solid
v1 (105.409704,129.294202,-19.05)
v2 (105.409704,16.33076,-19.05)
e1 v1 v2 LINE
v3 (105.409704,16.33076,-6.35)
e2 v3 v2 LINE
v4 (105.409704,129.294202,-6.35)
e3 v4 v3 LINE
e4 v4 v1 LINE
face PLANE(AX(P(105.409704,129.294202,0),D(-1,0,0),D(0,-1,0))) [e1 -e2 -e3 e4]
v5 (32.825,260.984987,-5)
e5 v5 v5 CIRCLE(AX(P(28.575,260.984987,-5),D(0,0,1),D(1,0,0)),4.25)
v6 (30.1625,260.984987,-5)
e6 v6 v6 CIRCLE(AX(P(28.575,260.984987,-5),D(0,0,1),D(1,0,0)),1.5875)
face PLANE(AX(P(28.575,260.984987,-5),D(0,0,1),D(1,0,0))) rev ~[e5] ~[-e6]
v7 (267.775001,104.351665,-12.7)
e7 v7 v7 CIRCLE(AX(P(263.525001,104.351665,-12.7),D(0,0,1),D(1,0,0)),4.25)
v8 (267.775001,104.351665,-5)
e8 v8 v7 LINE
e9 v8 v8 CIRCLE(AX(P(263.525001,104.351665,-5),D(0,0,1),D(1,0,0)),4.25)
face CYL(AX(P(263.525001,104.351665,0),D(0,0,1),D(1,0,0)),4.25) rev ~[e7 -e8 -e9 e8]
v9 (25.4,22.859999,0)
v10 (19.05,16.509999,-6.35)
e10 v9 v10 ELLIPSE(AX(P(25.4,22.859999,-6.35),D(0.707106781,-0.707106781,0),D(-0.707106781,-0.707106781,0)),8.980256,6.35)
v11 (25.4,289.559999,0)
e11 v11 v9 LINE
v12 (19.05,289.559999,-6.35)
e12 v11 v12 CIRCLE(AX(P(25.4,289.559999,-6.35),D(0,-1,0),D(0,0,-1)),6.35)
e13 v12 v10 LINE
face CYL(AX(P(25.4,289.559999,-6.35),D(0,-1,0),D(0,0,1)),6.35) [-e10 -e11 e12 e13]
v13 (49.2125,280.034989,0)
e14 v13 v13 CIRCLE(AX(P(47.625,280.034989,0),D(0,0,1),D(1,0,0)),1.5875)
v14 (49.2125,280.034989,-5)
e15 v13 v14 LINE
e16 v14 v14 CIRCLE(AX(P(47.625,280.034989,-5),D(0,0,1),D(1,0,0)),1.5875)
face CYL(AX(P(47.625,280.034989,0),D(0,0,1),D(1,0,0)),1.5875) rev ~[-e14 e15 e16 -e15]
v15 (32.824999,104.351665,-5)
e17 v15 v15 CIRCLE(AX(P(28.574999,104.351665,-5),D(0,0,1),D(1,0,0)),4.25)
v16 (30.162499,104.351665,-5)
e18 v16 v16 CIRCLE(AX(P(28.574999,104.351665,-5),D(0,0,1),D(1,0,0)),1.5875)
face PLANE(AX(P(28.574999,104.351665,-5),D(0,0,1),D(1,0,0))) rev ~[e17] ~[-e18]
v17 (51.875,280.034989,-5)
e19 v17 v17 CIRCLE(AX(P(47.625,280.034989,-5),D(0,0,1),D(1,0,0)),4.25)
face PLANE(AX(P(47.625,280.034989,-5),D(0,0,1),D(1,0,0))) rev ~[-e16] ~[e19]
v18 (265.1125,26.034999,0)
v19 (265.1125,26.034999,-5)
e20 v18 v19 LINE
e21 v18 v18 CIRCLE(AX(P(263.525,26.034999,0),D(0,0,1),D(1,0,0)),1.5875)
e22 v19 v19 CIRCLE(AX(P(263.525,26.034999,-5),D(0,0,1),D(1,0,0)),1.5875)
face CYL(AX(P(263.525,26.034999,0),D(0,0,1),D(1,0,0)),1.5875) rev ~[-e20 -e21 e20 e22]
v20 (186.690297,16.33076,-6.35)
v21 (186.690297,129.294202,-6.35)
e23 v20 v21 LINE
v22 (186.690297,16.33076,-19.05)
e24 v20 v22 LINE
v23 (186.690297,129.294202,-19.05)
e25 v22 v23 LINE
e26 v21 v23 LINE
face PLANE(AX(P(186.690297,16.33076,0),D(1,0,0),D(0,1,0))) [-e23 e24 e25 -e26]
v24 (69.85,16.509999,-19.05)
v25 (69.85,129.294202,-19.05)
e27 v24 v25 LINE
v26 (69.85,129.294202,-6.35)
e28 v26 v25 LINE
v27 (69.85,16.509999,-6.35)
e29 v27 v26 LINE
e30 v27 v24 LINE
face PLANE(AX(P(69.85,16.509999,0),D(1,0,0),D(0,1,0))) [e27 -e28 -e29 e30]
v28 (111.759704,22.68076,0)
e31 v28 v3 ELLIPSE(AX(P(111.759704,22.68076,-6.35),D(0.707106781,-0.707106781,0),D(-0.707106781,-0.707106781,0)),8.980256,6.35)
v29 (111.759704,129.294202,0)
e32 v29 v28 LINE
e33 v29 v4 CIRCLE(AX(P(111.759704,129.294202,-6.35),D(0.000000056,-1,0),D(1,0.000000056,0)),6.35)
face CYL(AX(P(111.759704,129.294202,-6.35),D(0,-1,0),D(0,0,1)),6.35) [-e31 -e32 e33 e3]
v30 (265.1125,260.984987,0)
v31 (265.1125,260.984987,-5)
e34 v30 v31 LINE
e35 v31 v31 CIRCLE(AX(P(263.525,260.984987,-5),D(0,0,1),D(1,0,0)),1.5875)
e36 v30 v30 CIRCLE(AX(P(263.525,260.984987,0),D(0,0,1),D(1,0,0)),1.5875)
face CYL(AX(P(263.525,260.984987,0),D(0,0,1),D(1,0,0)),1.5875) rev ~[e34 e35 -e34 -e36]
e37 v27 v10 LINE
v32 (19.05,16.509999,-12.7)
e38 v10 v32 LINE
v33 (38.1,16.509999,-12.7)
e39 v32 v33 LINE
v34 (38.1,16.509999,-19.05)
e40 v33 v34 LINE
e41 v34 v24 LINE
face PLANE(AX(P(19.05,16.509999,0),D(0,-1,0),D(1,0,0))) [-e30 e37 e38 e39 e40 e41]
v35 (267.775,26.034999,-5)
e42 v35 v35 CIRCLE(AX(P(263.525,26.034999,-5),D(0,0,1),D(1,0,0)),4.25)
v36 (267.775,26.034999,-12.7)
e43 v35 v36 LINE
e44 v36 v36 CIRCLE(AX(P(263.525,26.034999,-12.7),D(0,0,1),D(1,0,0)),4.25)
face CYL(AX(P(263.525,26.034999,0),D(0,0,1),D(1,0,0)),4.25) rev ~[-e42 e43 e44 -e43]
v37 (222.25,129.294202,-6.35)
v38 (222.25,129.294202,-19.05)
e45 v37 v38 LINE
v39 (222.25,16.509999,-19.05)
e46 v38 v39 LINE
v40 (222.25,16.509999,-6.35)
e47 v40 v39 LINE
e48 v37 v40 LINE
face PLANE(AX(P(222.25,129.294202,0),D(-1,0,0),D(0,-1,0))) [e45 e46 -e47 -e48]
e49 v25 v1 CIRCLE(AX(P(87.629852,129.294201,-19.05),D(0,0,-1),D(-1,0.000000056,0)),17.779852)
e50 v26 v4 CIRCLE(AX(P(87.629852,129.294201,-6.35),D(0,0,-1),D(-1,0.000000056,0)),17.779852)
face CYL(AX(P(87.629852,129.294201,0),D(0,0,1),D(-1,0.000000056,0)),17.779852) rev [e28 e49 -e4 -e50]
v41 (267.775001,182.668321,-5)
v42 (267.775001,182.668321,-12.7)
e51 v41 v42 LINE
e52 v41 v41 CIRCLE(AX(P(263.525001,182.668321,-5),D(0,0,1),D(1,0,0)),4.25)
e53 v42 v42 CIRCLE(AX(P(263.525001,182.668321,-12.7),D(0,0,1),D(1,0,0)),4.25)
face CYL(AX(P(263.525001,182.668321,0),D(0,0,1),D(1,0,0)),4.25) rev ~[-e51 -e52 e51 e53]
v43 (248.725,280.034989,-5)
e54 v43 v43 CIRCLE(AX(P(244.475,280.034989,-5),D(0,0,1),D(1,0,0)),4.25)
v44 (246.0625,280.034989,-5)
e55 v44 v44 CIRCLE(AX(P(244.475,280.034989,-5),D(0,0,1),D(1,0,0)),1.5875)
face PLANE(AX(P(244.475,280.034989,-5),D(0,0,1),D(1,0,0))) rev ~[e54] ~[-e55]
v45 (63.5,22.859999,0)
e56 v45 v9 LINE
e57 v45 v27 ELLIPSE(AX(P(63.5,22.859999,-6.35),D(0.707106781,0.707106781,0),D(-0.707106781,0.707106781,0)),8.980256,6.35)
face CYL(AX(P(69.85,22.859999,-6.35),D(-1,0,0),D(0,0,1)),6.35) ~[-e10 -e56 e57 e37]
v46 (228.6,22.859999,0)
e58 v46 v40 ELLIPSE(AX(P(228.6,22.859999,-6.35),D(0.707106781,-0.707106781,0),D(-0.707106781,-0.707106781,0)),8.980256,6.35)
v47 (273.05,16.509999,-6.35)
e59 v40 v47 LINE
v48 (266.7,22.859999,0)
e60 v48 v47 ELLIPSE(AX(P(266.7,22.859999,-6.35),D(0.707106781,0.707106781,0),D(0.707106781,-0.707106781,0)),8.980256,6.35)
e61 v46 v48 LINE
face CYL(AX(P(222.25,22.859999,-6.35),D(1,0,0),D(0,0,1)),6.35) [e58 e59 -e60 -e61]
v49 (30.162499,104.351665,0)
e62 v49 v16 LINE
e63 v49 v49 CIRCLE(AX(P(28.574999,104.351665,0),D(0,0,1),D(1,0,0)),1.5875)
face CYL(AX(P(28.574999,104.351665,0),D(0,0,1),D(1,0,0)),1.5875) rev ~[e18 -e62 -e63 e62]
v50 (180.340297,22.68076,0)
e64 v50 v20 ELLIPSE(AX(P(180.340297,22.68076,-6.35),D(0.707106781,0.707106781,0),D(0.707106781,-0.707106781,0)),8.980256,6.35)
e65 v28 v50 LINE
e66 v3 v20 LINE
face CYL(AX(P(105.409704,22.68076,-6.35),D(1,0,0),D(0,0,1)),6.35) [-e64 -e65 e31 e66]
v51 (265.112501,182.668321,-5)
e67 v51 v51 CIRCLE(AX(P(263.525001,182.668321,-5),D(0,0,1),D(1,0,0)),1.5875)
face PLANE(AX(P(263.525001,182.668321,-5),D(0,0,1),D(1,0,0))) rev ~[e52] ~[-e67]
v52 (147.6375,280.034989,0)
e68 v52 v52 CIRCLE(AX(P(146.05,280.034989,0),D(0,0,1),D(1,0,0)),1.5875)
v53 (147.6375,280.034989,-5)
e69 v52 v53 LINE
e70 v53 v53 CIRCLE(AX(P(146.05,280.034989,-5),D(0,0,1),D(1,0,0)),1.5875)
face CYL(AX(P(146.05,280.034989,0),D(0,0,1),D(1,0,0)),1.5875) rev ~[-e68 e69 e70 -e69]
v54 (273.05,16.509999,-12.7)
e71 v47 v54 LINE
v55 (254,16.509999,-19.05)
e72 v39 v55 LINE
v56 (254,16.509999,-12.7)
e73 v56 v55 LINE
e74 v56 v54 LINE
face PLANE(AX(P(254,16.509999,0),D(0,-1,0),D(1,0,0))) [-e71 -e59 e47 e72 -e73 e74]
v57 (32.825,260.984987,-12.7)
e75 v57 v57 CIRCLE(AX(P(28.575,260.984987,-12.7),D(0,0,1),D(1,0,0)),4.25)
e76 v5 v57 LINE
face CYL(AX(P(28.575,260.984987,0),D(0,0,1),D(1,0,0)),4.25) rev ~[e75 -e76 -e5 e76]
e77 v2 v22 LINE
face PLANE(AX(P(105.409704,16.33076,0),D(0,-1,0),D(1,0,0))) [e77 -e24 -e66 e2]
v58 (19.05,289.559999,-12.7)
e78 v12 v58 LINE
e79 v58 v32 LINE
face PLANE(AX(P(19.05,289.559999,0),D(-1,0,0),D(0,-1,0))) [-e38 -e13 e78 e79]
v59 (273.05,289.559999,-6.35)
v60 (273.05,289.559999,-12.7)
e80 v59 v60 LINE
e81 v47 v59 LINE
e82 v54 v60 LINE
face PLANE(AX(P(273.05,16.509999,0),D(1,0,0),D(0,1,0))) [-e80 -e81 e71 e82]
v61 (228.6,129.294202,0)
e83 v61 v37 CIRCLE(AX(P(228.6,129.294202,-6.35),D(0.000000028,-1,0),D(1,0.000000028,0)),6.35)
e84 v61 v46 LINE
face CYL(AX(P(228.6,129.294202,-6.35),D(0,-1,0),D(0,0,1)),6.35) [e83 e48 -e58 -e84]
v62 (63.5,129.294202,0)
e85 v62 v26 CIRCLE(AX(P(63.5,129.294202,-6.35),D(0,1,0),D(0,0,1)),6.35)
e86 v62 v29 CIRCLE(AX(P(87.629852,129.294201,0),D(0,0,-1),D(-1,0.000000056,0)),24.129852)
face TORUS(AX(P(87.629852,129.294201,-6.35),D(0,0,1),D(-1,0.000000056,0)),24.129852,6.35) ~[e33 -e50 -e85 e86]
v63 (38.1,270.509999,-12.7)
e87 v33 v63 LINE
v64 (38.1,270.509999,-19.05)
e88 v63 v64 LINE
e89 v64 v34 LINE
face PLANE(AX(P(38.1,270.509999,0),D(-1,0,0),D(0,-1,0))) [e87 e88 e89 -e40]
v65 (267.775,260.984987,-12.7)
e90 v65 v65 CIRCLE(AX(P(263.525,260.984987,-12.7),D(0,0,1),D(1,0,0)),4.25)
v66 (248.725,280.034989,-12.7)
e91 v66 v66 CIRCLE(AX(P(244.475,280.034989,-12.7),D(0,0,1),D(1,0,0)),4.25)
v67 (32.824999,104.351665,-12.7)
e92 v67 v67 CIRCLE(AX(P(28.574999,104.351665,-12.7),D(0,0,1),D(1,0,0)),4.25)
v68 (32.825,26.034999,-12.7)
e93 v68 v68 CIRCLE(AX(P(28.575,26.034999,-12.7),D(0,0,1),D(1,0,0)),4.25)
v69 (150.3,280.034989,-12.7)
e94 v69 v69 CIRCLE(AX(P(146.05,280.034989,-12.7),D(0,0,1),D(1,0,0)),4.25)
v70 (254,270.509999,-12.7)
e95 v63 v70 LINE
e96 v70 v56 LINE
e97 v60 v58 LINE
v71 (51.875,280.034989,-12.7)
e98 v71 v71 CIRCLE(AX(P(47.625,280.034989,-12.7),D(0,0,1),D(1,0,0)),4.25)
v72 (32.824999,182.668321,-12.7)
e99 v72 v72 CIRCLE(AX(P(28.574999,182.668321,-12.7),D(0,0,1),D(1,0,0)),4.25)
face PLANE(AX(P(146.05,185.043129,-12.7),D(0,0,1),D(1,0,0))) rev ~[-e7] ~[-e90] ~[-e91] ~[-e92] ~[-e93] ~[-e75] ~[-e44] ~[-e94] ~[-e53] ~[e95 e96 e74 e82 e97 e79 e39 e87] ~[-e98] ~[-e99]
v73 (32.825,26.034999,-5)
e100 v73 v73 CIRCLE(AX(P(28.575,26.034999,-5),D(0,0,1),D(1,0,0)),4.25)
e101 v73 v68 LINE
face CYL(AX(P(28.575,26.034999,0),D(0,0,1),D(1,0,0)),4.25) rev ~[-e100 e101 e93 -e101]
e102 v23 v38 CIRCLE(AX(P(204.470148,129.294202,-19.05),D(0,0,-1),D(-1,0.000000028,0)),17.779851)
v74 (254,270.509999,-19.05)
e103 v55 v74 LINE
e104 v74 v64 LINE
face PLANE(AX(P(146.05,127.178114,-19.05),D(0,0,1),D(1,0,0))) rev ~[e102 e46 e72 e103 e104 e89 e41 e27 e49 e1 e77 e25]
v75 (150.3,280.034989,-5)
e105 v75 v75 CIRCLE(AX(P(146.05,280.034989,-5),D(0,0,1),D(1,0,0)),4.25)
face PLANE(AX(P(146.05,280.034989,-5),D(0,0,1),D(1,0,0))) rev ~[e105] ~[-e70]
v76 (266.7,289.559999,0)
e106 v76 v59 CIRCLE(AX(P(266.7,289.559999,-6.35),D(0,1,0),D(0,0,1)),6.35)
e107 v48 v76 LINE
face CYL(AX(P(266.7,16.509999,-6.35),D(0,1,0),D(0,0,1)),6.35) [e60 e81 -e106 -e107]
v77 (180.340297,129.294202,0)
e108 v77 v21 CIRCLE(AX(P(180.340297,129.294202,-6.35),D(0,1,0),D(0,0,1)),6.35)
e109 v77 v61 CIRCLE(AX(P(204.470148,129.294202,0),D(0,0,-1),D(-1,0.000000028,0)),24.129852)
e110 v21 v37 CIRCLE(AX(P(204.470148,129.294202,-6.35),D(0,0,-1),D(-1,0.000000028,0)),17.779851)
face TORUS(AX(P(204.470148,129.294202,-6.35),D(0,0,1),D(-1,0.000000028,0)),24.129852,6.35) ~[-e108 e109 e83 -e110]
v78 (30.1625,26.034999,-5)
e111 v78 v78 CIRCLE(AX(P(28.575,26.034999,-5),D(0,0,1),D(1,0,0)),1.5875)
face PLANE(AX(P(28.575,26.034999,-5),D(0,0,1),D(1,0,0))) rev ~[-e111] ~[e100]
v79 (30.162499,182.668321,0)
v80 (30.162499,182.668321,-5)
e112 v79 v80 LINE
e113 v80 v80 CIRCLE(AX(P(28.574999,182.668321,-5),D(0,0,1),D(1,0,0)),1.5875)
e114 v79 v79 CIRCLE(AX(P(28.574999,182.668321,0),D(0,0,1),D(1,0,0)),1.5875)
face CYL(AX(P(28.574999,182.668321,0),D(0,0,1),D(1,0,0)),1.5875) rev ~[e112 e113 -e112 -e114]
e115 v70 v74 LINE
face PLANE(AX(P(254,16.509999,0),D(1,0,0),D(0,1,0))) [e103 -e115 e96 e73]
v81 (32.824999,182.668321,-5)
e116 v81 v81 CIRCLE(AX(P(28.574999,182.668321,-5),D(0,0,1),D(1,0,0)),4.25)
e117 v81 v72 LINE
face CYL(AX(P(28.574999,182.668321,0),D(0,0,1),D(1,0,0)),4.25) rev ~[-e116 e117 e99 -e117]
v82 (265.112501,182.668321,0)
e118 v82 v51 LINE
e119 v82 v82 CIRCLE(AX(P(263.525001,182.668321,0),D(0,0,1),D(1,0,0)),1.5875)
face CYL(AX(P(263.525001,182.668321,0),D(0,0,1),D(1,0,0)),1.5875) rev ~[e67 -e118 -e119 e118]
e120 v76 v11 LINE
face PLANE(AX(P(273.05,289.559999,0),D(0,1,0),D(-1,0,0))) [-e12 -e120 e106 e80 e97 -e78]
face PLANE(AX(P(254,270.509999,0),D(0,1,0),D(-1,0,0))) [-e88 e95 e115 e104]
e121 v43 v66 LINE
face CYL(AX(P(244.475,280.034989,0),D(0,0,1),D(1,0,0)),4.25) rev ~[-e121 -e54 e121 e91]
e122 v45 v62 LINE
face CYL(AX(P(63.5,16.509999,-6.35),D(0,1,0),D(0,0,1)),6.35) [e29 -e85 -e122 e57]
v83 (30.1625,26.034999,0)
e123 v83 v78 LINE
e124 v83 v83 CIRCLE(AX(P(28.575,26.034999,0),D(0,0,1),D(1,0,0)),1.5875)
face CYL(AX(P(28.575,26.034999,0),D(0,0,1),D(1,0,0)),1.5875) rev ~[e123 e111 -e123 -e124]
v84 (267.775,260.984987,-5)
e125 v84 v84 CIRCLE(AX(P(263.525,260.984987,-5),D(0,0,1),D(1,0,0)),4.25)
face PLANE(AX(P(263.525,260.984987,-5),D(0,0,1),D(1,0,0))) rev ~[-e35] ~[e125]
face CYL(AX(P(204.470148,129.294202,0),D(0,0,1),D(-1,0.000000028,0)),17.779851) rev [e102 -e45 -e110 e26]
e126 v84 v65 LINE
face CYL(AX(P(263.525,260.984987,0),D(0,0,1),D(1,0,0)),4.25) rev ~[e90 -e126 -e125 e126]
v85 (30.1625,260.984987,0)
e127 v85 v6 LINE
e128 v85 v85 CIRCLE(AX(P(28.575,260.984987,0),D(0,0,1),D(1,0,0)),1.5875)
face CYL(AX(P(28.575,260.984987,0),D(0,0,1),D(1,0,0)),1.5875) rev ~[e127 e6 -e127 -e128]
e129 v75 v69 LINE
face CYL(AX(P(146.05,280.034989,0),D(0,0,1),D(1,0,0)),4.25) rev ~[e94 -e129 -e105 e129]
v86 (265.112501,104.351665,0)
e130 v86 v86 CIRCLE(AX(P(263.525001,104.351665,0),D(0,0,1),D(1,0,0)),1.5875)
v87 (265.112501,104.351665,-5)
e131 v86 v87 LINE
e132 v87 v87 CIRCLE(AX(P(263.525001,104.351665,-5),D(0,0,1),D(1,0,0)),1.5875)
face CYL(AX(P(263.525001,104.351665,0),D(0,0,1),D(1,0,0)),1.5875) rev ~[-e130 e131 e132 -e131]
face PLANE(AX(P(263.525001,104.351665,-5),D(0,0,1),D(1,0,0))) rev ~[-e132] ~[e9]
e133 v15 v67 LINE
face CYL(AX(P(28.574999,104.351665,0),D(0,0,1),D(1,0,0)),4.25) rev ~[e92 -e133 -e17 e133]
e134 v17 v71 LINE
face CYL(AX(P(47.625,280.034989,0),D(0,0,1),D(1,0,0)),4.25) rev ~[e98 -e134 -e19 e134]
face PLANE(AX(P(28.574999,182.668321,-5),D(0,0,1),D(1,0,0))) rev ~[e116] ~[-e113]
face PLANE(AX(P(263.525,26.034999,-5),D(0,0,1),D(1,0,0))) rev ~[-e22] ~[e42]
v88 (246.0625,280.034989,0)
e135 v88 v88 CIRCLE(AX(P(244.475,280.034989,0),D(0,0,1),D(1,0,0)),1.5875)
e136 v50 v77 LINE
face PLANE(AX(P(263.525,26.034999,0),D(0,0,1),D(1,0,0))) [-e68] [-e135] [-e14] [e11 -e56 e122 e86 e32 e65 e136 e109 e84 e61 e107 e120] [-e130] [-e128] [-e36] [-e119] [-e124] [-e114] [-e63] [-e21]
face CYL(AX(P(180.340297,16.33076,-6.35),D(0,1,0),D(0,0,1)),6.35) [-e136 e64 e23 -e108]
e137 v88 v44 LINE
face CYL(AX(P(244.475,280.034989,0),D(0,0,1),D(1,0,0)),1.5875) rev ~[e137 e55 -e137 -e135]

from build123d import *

# Parameters (mm, degrees)
F1_DEPTH = 19.05
F0_R     = 4.25
F2_DEPTH = 12.7
F0_R_2   = 1.5875
F3_DEPTH = 5
F4_R     = 6.35


with BuildPart() as f1:
    # F0 (on Top) → F1 (new body)
    with BuildSketch(Plane.XY):
        with BuildLine():
            Line((38.1, 270.509999), (38.1, 16.509999))
            Line((38.1, 16.509999), (69.85, 16.509999))
            Line((69.85, 16.509999), (69.85, 129.294202))
            ThreePointArc((69.85, 129.294202), (87.629852, 147.074053), (105.409704, 129.294202))
            Line((105.409704, 129.294202), (105.409704, 16.33076))
            Line((105.409704, 16.33076), (186.690297, 16.33076))
            Line((186.690297, 16.33076), (186.690297, 129.294202))
            ThreePointArc((186.690297, 129.294202), (204.470149, 147.074053), (222.25, 129.294202))
            Line((222.25, 129.294202), (222.25, 16.509999))
            Line((222.25, 16.509999), (254, 16.509999))
            Line((254, 16.509999), (254, 270.509999))
            Line((254, 270.509999), (38.1, 270.509999))
        make_face()
    extrude(amount=-F1_DEPTH)

    # F0 (on Top) → F2 (join)
    with BuildSketch(Plane.XY):
        Polygon((19.05, 289.559999), (19.05, 16.509999), (38.1, 16.509999), (38.1, 270.509999), (254, 270.509999), (254, 16.509999), (273.05, 16.509999), (273.05, 289.559999), align=None)
        with Locations((28.575, 26.034999)):
            Circle(F0_R, mode=Mode.SUBTRACT)
        with Locations((28.574999, 104.351665)):
            Circle(F0_R, mode=Mode.SUBTRACT)
        with Locations((263.525, 26.034999)):
            Circle(F0_R, mode=Mode.SUBTRACT)
        with Locations((263.525001, 104.351665)):
            Circle(F0_R, mode=Mode.SUBTRACT)
        with Locations((28.574999, 182.668321)):
            Circle(F0_R, mode=Mode.SUBTRACT)
        with Locations((28.575, 260.984987)):
            Circle(F0_R, mode=Mode.SUBTRACT)
        with Locations((47.625, 280.034989)):
            Circle(F0_R, mode=Mode.SUBTRACT)
        with Locations((263.525001, 182.668321)):
            Circle(F0_R, mode=Mode.SUBTRACT)
        with Locations((146.05, 280.034989)):
            Circle(F0_R, mode=Mode.SUBTRACT)
        with Locations((263.525, 260.984987)):
            Circle(F0_R, mode=Mode.SUBTRACT)
        with Locations((244.475, 280.034989)):
            Circle(F0_R, mode=Mode.SUBTRACT)
    extrude(amount=-F2_DEPTH)

    # F0 (on Top) → F3 (join)
    with BuildSketch(Plane.XY):
        with Locations((263.525, 26.034999)):
            Circle(F0_R)
        with Locations((263.525, 26.034999)):
            Circle(F0_R_2, mode=Mode.SUBTRACT)
        with Locations((263.525001, 104.351665)):
            Circle(F0_R)
        with Locations((263.525001, 104.351665)):
            Circle(F0_R_2, mode=Mode.SUBTRACT)
        with Locations((263.525001, 182.668321)):
            Circle(F0_R)
        with Locations((263.525001, 182.668321)):
            Circle(F0_R_2, mode=Mode.SUBTRACT)
        with Locations((263.525, 260.984987)):
            Circle(F0_R)
        with Locations((263.525, 260.984987)):
            Circle(F0_R_2, mode=Mode.SUBTRACT)
        with Locations((244.475, 280.034989)):
            Circle(F0_R)
        with Locations((244.475, 280.034989)):
            Circle(F0_R_2, mode=Mode.SUBTRACT)
        with Locations((146.05, 280.034989)):
            Circle(F0_R)
        with Locations((146.05, 280.034989)):
            Circle(F0_R_2, mode=Mode.SUBTRACT)
        with Locations((47.625, 280.034989)):
            Circle(F0_R)
        with Locations((47.625, 280.034989)):
            Circle(F0_R_2, mode=Mode.SUBTRACT)
        with Locations((28.575, 260.984987)):
            Circle(F0_R)
        with Locations((28.575, 260.984987)):
            Circle(F0_R_2, mode=Mode.SUBTRACT)
        with Locations((28.574999, 182.668321)):
            Circle(F0_R)
        with Locations((28.574999, 182.668321)):
            Circle(F0_R_2, mode=Mode.SUBTRACT)
        with Locations((28.574999, 104.351665)):
            Circle(F0_R)
        with Locations((28.574999, 104.351665)):
            Circle(F0_R_2, mode=Mode.SUBTRACT)
        with Locations((28.575, 26.034999)):
            Circle(F0_R)
        with Locations((28.575, 26.034999)):
            Circle(F0_R_2, mode=Mode.SUBTRACT)
    extrude(amount=-F3_DEPTH)

    # F4
    f4_edges = [f1.edges().sort_by_distance(p)[0] for p in [
        (19.05, 153.034999, 0),
        (44.45, 16.509999, 0),
        (69.85, 72.9021, 0),
        (146.05, 16.33076, 0),
        (186.690297, 72.812481, 0),
        (247.65, 16.509999, 0),
        (273.05, 153.034999, 0),
    ]]
    fillet(f4_edges, radius=F4_R)


solid = f1.part
